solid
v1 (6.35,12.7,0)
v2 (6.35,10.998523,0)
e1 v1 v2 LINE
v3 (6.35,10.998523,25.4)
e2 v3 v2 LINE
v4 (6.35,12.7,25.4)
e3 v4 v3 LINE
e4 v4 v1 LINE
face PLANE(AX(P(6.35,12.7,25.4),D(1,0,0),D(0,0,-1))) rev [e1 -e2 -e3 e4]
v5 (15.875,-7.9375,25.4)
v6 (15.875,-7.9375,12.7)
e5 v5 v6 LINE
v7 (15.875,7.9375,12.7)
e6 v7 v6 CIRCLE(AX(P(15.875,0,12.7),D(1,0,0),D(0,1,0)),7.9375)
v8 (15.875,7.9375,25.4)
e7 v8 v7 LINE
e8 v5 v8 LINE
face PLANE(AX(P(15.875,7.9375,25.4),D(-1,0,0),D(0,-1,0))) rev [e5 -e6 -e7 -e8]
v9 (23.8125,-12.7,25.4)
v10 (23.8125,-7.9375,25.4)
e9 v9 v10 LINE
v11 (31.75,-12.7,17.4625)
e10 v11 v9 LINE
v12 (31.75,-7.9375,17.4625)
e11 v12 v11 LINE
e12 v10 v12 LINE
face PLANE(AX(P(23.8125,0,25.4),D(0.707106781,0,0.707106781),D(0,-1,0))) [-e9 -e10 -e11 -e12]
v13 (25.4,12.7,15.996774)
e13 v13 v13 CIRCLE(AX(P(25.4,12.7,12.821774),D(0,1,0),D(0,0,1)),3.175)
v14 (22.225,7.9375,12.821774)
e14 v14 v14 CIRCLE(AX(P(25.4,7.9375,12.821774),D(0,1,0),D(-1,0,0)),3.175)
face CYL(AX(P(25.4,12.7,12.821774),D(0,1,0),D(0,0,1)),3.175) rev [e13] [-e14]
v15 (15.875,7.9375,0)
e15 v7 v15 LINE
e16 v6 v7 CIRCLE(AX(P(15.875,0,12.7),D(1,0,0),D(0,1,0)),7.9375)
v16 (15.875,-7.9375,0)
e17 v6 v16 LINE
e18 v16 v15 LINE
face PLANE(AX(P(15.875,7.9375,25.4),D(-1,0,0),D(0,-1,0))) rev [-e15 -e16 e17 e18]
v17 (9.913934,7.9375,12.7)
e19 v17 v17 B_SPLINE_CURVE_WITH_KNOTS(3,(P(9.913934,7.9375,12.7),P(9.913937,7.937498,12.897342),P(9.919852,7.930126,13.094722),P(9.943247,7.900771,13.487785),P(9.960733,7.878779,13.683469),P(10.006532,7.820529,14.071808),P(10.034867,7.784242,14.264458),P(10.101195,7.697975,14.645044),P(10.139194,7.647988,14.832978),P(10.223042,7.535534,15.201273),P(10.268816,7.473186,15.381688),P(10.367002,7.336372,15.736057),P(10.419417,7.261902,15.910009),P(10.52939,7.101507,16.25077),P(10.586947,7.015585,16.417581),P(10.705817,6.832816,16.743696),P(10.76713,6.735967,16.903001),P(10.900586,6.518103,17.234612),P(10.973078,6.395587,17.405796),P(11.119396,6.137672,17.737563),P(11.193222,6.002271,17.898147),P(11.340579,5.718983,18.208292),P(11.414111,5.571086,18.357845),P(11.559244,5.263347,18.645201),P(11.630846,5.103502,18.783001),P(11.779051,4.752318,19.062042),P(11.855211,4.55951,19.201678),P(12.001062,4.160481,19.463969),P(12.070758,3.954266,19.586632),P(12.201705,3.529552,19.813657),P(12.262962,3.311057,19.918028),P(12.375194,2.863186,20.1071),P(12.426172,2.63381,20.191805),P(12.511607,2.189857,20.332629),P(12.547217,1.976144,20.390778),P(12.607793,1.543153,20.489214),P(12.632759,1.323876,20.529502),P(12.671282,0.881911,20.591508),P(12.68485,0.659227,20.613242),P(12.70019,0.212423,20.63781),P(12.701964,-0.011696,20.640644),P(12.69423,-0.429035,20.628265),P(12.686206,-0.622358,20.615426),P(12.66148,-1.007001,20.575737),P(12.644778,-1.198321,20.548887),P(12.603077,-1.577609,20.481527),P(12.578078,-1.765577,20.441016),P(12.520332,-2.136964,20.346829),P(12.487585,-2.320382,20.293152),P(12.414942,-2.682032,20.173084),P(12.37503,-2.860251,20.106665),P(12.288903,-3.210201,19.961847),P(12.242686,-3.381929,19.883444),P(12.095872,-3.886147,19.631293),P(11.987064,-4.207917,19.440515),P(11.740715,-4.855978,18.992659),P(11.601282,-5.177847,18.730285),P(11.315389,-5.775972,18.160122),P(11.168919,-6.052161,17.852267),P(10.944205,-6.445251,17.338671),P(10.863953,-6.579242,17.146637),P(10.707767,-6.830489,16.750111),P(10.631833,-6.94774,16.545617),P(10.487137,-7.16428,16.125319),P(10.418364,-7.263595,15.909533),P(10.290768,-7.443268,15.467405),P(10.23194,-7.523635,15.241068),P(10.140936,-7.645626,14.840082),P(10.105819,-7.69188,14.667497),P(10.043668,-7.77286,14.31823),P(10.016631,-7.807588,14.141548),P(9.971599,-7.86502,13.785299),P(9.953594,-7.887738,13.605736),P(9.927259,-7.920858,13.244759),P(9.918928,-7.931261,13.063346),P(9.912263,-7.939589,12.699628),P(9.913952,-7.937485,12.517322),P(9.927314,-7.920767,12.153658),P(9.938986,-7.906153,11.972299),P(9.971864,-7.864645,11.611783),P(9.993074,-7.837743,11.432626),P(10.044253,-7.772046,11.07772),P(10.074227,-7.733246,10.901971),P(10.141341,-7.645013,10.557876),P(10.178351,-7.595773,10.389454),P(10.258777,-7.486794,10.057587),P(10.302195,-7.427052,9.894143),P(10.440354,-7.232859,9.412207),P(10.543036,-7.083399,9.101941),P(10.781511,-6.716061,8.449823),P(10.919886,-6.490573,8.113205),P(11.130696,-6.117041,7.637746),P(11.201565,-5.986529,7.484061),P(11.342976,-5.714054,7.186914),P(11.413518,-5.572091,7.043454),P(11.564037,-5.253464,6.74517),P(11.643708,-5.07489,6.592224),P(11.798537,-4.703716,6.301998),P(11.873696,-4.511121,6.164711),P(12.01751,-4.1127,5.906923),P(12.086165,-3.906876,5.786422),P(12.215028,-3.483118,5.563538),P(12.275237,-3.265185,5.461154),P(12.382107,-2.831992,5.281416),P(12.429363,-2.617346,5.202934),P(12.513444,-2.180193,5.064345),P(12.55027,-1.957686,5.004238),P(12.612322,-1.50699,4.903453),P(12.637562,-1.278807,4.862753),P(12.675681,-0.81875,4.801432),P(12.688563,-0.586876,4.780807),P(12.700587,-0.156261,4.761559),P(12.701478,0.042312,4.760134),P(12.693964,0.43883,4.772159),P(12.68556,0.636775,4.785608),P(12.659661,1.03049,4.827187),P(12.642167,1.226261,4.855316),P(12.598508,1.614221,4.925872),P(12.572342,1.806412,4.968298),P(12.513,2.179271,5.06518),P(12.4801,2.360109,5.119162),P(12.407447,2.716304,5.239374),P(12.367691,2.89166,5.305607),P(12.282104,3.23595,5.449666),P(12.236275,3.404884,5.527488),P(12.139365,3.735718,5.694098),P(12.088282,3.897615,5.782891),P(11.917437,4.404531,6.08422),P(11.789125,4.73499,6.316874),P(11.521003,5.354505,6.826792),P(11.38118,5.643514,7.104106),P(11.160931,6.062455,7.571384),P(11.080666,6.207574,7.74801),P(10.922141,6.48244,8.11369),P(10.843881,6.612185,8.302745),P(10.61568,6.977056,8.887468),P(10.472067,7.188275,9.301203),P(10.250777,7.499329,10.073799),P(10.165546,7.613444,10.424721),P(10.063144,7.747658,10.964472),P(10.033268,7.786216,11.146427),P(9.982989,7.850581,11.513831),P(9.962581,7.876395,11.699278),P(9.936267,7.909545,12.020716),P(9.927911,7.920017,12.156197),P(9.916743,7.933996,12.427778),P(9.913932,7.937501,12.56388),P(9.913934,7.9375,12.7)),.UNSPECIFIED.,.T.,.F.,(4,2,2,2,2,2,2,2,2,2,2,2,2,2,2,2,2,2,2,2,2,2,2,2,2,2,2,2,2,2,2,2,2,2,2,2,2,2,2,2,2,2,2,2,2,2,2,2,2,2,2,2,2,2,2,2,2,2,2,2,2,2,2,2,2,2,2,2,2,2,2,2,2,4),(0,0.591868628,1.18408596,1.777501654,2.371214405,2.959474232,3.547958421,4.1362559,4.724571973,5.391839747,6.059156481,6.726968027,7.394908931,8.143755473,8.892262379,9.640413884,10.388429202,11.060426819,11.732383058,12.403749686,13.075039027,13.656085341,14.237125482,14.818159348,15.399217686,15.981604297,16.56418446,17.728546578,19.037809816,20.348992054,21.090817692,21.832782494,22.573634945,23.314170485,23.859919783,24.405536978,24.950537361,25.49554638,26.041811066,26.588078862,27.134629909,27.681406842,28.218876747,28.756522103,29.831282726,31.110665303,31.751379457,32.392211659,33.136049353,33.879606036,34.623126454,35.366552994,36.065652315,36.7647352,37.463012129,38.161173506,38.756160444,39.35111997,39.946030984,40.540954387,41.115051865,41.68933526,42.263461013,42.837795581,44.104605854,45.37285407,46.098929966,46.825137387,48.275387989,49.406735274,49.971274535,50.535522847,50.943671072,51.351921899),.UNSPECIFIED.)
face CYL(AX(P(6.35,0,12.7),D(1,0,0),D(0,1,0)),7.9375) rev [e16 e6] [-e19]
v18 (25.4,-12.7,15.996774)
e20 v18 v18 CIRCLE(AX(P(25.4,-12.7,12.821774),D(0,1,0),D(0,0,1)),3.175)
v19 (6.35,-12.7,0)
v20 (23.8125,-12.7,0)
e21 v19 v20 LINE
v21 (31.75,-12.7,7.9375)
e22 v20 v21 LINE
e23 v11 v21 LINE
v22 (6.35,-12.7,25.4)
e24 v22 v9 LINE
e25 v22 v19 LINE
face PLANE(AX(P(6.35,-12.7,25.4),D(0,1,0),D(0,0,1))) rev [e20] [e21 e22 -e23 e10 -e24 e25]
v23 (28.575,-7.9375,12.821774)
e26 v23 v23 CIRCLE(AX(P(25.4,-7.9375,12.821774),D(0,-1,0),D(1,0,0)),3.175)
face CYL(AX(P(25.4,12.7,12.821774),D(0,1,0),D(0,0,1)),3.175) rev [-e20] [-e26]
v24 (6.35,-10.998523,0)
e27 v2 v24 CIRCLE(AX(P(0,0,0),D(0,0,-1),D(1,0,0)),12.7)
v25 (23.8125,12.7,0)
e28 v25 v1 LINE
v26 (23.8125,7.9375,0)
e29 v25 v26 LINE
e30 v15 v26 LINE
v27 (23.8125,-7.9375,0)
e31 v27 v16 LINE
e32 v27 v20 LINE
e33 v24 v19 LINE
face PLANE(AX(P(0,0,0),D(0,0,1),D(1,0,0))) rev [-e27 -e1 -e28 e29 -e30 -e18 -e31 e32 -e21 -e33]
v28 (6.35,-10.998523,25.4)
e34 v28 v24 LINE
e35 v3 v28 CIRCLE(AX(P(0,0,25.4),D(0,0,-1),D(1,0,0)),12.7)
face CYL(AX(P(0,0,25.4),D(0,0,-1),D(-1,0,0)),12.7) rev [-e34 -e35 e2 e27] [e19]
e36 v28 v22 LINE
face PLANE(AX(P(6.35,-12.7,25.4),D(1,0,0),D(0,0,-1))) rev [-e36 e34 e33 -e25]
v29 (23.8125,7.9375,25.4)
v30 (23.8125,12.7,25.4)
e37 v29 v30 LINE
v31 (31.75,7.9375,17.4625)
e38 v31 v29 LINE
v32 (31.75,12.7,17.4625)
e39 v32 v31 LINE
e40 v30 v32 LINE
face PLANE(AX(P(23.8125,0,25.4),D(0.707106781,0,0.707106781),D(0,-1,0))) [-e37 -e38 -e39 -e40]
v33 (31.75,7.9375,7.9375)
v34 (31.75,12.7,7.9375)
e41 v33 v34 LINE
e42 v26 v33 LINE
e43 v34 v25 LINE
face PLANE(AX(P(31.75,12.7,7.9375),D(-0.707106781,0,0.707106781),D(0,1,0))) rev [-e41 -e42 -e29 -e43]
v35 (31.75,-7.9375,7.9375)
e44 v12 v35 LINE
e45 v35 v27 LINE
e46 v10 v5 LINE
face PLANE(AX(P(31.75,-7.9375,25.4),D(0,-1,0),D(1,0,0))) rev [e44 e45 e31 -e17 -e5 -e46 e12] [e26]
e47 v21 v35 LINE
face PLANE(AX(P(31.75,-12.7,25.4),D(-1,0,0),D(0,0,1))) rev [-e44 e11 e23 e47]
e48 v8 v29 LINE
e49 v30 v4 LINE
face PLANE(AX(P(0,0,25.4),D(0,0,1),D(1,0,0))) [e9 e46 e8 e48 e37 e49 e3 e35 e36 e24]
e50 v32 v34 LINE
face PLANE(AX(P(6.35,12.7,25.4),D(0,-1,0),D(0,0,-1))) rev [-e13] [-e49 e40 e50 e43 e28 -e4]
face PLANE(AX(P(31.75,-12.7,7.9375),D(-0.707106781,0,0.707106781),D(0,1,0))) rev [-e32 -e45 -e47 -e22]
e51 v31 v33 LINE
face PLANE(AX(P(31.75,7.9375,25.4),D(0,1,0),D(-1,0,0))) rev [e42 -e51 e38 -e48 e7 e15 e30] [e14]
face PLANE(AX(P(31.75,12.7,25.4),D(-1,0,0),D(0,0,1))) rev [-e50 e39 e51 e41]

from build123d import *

# Parameters (mm, degrees)
BOSS_EXTRUDE1_DEPTH         = 25.4
F_1_4_0_25_DIAMETER_HOLE1_D = 6.35
CHAMFER1_SIZE               = 7.9375
SKETCH6_R                   = 7.9375
CUT_EXTRUDE1_DEPTH          = 10.525


with BuildPart() as part:
    # Sketch1 → Boss-Extrude1 (new body)
    with BuildSketch(Plane.XY):
        with BuildLine():
            Line((6.35, 12.7), (31.75, 12.7))
            Line((31.75, 12.7), (31.75, 7.9375))
            Line((31.75, 7.9375), (15.875, 7.9375))
            Line((15.875, 7.9375), (15.875, -7.9375))
            Line((15.875, -7.9375), (31.75, -7.9375))
            Line((31.75, -7.9375), (31.75, -12.7))
            Line((31.75, -12.7), (6.35, -12.7))
            Line((6.35, -12.7), (6.35, -10.998522628))
            ThreePointArc((6.35, -10.998522628), (12.7, 0), (6.35, 10.998522628))
            Line((6.35, 10.998522628), (6.35, 12.7))
        make_face()
    extrude(amount=BOSS_EXTRUDE1_DEPTH)

    # 1/4 (0.25) Diameter Hole1 (through all)
    with Locations(Plane(origin=(0, 12.7, 0), x_dir=(1, 0, 0), z_dir=(0, 1, 0))):
        with Locations((25.4, -12.821774192)):
            Hole(F_1_4_0_25_DIAMETER_HOLE1_D / 2)

    # Chamfer1
    chamfer1_edges = [part.edges().sort_by_distance(p)[0] for p in [
        (31.75, 10.31875, 0),
        (31.75, 10.31875, 25.4),
        (31.75, -10.31875, 25.4),
        (31.75, -10.31875, 0),
    ]]
    chamfer(chamfer1_edges, length=CHAMFER1_SIZE)

    # Sketch6 → Cut-Extrude1 (cut, through all)
    with BuildSketch(Plane(origin=(15.875, 0, 0), x_dir=(0, 0, -1), z_dir=(1, 0, 0))):
        with Locations((-12.7, 0)):
            Circle(SKETCH6_R)
    extrude(amount=-CUT_EXTRUDE1_DEPTH, mode=Mode.SUBTRACT)


solid = part.part
